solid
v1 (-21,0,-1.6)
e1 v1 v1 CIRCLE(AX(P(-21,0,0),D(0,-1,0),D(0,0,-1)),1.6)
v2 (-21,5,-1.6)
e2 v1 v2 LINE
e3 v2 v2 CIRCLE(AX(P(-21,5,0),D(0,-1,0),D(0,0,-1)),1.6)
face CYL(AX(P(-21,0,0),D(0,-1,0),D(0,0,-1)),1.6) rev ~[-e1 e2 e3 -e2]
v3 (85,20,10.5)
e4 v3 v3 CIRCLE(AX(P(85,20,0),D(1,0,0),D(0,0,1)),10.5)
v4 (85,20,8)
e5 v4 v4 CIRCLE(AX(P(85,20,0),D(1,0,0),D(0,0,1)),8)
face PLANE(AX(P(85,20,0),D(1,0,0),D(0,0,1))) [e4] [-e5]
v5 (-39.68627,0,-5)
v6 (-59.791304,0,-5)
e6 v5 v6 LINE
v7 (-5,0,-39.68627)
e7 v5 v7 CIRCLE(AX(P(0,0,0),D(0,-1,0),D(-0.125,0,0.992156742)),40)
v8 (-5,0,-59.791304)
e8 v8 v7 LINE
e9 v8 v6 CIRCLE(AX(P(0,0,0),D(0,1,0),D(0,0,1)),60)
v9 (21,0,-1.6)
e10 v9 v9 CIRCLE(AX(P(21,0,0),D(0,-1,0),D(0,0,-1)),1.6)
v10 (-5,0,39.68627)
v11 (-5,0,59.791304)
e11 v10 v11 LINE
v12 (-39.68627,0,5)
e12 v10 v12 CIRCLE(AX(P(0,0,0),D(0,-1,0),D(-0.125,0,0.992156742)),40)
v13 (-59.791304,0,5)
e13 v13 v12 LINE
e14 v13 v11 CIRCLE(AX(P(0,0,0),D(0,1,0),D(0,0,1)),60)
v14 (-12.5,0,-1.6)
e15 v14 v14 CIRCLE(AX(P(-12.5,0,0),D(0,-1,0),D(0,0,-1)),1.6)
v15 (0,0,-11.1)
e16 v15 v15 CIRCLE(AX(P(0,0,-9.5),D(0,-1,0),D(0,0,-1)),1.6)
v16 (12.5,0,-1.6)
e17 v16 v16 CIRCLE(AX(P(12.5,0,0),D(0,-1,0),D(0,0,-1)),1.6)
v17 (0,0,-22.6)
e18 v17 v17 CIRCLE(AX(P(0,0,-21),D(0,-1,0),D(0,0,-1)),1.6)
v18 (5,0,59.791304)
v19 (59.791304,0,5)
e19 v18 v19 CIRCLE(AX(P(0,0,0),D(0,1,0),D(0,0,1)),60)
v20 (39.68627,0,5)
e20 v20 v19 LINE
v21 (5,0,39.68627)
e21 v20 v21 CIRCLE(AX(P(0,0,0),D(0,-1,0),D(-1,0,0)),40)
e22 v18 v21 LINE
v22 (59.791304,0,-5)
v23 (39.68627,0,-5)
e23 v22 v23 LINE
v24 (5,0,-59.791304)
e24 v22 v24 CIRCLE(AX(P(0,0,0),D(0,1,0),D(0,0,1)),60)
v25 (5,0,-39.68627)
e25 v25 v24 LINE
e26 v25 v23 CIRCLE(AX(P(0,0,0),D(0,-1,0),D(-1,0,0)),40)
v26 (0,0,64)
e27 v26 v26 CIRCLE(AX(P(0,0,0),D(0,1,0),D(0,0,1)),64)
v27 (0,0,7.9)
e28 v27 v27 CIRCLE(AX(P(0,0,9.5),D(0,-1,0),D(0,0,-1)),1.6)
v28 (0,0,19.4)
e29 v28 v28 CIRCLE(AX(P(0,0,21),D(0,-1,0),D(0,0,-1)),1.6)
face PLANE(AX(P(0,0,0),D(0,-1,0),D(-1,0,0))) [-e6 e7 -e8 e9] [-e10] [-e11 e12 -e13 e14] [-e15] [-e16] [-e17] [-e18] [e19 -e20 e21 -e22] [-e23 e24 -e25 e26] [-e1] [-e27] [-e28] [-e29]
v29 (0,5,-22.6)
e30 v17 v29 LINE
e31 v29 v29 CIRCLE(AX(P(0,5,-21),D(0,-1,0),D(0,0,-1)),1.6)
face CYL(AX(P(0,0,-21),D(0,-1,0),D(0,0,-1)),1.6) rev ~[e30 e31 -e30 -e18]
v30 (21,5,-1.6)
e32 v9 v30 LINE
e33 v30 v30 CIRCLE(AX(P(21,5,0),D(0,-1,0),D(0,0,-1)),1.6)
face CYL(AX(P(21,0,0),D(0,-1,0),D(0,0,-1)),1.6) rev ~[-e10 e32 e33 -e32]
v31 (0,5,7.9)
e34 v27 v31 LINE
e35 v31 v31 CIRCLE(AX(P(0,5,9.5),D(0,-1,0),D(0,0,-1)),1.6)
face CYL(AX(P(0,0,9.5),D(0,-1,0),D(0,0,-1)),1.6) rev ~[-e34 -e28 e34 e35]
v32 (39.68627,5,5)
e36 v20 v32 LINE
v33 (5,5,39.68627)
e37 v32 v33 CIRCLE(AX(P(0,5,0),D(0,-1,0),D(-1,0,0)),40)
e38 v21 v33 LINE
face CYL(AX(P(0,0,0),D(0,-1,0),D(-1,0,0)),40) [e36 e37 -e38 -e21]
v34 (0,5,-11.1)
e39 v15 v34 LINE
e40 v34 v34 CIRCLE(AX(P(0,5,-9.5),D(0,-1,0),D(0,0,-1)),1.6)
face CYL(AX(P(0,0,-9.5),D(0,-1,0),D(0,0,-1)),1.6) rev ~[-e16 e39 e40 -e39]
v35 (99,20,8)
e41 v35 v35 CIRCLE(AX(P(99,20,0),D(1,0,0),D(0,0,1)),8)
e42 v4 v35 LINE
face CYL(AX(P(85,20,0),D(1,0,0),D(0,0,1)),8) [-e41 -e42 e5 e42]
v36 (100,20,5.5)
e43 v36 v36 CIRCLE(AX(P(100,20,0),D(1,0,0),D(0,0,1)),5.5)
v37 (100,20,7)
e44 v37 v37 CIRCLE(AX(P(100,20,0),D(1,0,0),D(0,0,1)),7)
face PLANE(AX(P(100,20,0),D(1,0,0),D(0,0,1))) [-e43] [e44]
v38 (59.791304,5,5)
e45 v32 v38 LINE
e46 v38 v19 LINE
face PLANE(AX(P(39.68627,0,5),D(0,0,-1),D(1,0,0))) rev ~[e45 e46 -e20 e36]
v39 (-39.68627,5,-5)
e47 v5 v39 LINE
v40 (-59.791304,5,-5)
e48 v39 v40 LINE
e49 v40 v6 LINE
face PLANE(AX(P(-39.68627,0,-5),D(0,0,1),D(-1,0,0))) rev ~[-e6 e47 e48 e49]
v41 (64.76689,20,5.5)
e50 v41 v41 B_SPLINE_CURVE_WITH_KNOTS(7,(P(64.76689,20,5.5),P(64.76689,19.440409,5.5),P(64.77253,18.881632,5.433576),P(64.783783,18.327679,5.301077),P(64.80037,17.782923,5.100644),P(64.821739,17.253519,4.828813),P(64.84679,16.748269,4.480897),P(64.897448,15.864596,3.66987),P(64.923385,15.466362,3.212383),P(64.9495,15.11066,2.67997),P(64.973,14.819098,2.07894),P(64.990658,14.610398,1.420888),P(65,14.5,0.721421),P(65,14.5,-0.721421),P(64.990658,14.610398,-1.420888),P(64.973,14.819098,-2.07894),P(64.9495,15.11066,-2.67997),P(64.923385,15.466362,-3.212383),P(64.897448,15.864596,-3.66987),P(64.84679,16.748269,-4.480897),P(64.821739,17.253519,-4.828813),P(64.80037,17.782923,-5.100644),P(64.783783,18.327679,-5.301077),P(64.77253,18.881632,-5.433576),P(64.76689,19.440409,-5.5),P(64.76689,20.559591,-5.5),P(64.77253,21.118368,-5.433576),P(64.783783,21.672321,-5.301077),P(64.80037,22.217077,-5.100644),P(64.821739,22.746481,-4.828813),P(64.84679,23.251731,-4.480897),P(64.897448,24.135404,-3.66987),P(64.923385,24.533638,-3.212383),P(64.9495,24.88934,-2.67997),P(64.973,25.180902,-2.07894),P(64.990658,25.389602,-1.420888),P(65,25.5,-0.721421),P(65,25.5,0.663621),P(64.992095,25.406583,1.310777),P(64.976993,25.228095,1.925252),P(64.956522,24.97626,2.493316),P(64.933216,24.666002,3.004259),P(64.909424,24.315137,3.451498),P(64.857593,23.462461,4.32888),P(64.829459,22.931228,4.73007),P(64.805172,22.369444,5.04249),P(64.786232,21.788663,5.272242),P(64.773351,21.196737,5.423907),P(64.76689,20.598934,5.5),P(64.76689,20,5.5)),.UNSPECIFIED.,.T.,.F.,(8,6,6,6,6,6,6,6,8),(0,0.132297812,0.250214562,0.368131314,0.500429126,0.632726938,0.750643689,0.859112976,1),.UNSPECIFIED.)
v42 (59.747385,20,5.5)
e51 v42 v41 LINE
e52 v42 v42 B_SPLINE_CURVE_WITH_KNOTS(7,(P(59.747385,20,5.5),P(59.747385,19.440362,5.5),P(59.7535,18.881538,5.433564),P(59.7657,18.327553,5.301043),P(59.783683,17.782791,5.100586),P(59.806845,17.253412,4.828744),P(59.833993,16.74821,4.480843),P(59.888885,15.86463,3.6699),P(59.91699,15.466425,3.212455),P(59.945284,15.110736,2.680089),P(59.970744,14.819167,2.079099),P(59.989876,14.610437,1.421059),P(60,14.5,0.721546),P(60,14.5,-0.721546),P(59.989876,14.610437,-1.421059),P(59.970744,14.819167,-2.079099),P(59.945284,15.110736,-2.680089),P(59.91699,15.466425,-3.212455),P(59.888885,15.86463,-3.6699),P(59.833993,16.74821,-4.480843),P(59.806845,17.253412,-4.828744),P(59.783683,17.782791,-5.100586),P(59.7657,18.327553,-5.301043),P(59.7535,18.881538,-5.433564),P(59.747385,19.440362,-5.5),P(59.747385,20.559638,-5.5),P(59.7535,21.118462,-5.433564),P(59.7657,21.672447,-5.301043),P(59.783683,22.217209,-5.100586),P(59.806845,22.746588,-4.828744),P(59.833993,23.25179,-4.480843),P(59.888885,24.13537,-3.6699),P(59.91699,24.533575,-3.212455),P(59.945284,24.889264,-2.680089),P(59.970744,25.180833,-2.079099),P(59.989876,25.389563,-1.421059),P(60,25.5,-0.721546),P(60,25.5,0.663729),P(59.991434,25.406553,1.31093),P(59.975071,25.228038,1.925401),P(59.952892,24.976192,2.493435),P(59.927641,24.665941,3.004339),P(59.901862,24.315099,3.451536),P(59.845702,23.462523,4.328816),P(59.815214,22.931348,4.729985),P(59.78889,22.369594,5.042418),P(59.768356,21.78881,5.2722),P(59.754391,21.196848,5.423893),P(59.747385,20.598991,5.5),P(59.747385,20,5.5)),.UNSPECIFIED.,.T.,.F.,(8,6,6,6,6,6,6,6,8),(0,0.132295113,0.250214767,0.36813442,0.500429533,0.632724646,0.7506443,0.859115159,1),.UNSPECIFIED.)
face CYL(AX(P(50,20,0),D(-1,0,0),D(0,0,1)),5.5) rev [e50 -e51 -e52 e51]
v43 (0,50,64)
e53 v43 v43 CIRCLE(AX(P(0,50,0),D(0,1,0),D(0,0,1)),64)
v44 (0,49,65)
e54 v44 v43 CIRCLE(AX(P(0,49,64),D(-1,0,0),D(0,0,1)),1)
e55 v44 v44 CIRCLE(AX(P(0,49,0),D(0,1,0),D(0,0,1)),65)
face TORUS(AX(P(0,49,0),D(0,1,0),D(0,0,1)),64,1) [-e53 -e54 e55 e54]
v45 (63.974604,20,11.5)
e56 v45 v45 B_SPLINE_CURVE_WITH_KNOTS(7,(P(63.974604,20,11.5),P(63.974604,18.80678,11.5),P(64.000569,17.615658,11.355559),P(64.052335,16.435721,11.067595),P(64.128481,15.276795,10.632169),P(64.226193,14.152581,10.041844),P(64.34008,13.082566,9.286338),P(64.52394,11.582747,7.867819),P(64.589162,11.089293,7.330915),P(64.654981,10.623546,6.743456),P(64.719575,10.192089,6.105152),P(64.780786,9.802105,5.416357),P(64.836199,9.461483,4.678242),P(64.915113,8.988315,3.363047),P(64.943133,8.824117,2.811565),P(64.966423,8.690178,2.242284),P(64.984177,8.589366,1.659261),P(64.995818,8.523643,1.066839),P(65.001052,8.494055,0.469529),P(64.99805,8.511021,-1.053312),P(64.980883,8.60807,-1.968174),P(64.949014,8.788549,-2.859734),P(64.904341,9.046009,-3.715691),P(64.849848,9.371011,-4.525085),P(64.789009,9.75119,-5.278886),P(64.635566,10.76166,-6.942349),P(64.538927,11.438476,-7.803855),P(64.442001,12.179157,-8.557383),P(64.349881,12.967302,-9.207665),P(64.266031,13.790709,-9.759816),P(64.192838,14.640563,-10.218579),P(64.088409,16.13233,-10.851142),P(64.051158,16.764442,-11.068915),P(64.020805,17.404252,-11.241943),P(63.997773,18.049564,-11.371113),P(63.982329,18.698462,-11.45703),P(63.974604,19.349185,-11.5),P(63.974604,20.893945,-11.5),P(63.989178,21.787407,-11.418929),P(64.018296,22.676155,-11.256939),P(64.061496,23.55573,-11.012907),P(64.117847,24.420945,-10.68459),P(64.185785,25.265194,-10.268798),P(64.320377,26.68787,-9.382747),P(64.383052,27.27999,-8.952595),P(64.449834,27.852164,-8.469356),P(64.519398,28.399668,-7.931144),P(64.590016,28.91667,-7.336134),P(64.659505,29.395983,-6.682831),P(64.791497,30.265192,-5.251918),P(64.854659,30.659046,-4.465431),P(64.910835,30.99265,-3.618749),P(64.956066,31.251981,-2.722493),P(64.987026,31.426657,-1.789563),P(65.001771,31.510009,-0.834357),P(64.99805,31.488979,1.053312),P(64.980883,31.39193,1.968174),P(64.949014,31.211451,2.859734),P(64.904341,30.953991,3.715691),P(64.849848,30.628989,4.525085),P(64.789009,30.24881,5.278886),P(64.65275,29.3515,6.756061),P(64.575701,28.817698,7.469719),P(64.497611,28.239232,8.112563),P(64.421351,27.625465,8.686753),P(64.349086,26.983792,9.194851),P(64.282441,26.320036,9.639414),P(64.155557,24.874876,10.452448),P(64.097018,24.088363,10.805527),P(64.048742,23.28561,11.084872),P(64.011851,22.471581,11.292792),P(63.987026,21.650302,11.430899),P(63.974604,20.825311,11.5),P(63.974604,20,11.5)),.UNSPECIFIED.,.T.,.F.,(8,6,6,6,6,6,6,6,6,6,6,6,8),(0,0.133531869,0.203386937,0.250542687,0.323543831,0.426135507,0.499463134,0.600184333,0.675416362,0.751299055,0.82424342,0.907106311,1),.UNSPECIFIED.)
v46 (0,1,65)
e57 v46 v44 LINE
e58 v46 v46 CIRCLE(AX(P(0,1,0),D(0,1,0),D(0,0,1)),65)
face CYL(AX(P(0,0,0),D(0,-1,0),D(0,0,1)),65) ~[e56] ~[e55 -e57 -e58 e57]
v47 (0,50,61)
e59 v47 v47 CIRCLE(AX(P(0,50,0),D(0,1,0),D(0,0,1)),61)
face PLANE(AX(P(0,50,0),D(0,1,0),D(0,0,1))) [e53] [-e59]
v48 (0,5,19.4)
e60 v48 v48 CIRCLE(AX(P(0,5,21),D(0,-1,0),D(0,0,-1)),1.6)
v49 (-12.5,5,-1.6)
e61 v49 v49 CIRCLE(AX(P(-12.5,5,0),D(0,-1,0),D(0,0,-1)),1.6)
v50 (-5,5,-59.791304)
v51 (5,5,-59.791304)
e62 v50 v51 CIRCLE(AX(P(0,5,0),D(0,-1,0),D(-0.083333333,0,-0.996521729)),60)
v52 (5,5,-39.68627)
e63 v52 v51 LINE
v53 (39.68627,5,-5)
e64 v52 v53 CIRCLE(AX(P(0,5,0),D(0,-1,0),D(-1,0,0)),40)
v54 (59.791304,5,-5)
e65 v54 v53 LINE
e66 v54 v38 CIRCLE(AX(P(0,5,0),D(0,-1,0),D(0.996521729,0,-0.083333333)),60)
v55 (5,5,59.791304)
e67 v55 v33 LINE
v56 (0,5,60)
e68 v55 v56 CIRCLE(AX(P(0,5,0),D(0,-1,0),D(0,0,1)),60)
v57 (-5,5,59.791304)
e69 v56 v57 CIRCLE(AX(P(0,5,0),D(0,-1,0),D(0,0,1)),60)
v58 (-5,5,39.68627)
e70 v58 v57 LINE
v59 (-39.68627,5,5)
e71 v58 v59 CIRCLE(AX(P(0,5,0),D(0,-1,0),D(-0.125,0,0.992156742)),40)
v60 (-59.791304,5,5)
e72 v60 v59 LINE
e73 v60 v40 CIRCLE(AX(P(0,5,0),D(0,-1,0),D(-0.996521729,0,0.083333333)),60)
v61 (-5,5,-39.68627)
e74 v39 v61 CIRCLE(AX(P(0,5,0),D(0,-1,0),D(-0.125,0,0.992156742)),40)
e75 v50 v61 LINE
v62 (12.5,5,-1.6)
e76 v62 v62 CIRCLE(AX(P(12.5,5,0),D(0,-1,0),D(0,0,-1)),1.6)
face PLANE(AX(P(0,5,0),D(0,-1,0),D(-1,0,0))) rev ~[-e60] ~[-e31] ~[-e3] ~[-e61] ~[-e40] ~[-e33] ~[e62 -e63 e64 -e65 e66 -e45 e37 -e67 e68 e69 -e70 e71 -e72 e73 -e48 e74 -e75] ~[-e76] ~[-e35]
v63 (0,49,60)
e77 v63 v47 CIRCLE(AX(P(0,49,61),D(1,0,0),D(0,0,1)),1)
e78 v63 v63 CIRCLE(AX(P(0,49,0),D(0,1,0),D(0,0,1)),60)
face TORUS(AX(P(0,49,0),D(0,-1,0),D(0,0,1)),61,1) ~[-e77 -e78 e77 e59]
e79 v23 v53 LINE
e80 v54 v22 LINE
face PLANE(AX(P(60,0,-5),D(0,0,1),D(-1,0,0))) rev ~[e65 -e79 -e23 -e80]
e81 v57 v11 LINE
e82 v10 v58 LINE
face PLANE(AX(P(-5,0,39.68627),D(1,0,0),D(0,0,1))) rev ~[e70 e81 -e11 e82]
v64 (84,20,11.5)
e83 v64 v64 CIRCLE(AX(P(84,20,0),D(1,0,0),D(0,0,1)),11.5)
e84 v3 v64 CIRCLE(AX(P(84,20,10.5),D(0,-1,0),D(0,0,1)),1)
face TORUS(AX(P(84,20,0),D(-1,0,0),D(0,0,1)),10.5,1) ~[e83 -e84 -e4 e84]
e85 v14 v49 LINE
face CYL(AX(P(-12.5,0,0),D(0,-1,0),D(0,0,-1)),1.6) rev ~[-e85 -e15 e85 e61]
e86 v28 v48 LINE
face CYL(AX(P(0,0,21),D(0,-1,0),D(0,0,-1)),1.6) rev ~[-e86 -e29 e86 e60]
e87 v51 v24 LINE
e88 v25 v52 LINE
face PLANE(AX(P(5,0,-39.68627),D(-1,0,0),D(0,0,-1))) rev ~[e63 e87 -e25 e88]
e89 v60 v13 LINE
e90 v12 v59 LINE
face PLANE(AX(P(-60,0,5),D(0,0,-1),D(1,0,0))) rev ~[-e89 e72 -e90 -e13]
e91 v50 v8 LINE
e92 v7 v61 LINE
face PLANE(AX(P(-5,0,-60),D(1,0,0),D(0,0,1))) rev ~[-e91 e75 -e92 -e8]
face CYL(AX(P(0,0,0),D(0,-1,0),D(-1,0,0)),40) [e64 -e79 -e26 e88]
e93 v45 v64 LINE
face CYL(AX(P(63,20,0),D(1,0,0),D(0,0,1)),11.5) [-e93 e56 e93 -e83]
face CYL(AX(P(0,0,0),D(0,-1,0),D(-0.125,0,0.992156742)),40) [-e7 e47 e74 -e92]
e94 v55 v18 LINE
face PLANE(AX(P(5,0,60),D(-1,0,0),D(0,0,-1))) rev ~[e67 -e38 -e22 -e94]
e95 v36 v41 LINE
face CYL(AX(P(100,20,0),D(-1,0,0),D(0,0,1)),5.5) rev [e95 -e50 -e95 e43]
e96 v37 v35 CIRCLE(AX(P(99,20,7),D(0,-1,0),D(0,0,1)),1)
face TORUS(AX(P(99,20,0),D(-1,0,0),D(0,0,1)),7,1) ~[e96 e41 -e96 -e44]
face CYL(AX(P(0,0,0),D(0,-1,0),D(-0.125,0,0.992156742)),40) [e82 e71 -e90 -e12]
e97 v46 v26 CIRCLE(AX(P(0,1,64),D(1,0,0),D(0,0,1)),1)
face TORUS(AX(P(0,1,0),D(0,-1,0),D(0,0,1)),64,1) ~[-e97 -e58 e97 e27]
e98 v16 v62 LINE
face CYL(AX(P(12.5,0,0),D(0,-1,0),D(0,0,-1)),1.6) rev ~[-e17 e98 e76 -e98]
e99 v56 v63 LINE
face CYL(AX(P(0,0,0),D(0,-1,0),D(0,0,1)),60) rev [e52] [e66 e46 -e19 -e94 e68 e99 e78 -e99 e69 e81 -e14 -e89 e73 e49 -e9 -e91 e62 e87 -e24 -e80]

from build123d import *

# Parameters (mm, degrees)
SKETCH1_R           = 65
SKETCH1_R_2         = 60
BOSS_EXTRUDE2_DEPTH = 50
SKETCH2_R           = 40
BOSS_EXTRUDE4_DEPTH = 5
SKETCH15_R          = 1.6
CUT_EXTRUDE7_DEPTH  = 10
CUT_EXTRUDE9_START  = -50
SKETCH16_R          = 5.5
CUT_EXTRUDE9_DEPTH  = 50
FILLET1_R           = 1


with BuildPart() as part:
    # Sketch1 → Boss-Extrude2 (new body)
    with BuildSketch(Plane(origin=(0, 0, 0), x_dir=(1, 0, 0), z_dir=(0, 1, 0))):
        with Locations(Location((0, 0, 0), (0, 0, 270))):
            Circle(SKETCH1_R)
        with Locations(Location((0, 0, 0), (0, 0, 270))):
            Circle(SKETCH1_R_2, mode=Mode.SUBTRACT)
    extrude(amount=BOSS_EXTRUDE2_DEPTH)

    # Sketch2 → Boss-Extrude4 (add)
    with BuildSketch(Plane(origin=(0, 0, 0), x_dir=(-1, 0, 0), z_dir=(0, -1, 0))):
        Circle(SKETCH2_R)
        Polygon((0, -60), (-5, -60), (-5, 60), (0, 60), (5, 60), (5, -60), align=None)
        Polygon((-60, 0), (-60, 5), (60, 5), (60, 0), (60, -5), (-60, -5), align=None)
    extrude(amount=-BOSS_EXTRUDE4_DEPTH)

    # Sketch15 → Cut-Extrude7 (cut)
    with BuildSketch(Plane(origin=(0, 0, 0), x_dir=(-1, 0, 0), z_dir=(0, -1, 0))):
        with Locations(Location((0, -9.5, 0), (0, 0, 90))):
            Circle(SKETCH15_R)
        with Locations(Location((-12.5, 0, 0), (0, 0, 90))):
            Circle(SKETCH15_R)
        with Locations(Location((0, 9.5, 0), (0, 0, 90))):
            Circle(SKETCH15_R)
        with Locations(Location((12.5, 0, 0), (0, 0, 90))):
            Circle(SKETCH15_R)
        with Locations(Location((0, -21, 0), (0, 0, 90))):
            Circle(SKETCH15_R)
        with Locations(Location((-21, 0, 0), (0, 0, 90))):
            Circle(SKETCH15_R)
        with Locations(Location((0, 21, 0), (0, 0, 90))):
            Circle(SKETCH15_R)
        with Locations(Location((21, 0, 0), (0, 0, 90))):
            Circle(SKETCH15_R)
    extrude(amount=-CUT_EXTRUDE7_DEPTH, mode=Mode.SUBTRACT)

    # Sketch9 → Revolve1 (revolve)
    with BuildSketch(Plane.XY, mode=Mode.PRIVATE) as revolve1_sk:
        Polygon((100, 12), (100, 14.5), (63, 14.5), (63, 8.5), (85, 8.5), (85, 12), align=None)
    revolve(revolve1_sk.sketch.rotate(Axis((0, 20, 0), (1, 0, 0)), 270), axis=Axis((0, 20, 0), (1, 0, 0)))

    # Sketch16 → Cut-Extrude9 (cut)
    with BuildSketch(Plane(origin=(100, 0, 0), x_dir=(0, 0, -1), z_dir=(1, 0, 0)).offset(CUT_EXTRUDE9_START)):
        with Locations(Location((0, 20, 0), (0, 0, 180))):
            Circle(SKETCH16_R)
    extrude(amount=CUT_EXTRUDE9_DEPTH, mode=Mode.SUBTRACT)

    # Fillet1
    fillet1_edges = [part.edges().sort_by_distance(p)[0] for p in [
        (85, 20, -11.5),
        (100, 20, -8),
        (0, 0, -65),
        (0, 50, -65),
        (0, 50, -60),
    ]]
    fillet(fillet1_edges, radius=FILLET1_R)


solid = part.part
